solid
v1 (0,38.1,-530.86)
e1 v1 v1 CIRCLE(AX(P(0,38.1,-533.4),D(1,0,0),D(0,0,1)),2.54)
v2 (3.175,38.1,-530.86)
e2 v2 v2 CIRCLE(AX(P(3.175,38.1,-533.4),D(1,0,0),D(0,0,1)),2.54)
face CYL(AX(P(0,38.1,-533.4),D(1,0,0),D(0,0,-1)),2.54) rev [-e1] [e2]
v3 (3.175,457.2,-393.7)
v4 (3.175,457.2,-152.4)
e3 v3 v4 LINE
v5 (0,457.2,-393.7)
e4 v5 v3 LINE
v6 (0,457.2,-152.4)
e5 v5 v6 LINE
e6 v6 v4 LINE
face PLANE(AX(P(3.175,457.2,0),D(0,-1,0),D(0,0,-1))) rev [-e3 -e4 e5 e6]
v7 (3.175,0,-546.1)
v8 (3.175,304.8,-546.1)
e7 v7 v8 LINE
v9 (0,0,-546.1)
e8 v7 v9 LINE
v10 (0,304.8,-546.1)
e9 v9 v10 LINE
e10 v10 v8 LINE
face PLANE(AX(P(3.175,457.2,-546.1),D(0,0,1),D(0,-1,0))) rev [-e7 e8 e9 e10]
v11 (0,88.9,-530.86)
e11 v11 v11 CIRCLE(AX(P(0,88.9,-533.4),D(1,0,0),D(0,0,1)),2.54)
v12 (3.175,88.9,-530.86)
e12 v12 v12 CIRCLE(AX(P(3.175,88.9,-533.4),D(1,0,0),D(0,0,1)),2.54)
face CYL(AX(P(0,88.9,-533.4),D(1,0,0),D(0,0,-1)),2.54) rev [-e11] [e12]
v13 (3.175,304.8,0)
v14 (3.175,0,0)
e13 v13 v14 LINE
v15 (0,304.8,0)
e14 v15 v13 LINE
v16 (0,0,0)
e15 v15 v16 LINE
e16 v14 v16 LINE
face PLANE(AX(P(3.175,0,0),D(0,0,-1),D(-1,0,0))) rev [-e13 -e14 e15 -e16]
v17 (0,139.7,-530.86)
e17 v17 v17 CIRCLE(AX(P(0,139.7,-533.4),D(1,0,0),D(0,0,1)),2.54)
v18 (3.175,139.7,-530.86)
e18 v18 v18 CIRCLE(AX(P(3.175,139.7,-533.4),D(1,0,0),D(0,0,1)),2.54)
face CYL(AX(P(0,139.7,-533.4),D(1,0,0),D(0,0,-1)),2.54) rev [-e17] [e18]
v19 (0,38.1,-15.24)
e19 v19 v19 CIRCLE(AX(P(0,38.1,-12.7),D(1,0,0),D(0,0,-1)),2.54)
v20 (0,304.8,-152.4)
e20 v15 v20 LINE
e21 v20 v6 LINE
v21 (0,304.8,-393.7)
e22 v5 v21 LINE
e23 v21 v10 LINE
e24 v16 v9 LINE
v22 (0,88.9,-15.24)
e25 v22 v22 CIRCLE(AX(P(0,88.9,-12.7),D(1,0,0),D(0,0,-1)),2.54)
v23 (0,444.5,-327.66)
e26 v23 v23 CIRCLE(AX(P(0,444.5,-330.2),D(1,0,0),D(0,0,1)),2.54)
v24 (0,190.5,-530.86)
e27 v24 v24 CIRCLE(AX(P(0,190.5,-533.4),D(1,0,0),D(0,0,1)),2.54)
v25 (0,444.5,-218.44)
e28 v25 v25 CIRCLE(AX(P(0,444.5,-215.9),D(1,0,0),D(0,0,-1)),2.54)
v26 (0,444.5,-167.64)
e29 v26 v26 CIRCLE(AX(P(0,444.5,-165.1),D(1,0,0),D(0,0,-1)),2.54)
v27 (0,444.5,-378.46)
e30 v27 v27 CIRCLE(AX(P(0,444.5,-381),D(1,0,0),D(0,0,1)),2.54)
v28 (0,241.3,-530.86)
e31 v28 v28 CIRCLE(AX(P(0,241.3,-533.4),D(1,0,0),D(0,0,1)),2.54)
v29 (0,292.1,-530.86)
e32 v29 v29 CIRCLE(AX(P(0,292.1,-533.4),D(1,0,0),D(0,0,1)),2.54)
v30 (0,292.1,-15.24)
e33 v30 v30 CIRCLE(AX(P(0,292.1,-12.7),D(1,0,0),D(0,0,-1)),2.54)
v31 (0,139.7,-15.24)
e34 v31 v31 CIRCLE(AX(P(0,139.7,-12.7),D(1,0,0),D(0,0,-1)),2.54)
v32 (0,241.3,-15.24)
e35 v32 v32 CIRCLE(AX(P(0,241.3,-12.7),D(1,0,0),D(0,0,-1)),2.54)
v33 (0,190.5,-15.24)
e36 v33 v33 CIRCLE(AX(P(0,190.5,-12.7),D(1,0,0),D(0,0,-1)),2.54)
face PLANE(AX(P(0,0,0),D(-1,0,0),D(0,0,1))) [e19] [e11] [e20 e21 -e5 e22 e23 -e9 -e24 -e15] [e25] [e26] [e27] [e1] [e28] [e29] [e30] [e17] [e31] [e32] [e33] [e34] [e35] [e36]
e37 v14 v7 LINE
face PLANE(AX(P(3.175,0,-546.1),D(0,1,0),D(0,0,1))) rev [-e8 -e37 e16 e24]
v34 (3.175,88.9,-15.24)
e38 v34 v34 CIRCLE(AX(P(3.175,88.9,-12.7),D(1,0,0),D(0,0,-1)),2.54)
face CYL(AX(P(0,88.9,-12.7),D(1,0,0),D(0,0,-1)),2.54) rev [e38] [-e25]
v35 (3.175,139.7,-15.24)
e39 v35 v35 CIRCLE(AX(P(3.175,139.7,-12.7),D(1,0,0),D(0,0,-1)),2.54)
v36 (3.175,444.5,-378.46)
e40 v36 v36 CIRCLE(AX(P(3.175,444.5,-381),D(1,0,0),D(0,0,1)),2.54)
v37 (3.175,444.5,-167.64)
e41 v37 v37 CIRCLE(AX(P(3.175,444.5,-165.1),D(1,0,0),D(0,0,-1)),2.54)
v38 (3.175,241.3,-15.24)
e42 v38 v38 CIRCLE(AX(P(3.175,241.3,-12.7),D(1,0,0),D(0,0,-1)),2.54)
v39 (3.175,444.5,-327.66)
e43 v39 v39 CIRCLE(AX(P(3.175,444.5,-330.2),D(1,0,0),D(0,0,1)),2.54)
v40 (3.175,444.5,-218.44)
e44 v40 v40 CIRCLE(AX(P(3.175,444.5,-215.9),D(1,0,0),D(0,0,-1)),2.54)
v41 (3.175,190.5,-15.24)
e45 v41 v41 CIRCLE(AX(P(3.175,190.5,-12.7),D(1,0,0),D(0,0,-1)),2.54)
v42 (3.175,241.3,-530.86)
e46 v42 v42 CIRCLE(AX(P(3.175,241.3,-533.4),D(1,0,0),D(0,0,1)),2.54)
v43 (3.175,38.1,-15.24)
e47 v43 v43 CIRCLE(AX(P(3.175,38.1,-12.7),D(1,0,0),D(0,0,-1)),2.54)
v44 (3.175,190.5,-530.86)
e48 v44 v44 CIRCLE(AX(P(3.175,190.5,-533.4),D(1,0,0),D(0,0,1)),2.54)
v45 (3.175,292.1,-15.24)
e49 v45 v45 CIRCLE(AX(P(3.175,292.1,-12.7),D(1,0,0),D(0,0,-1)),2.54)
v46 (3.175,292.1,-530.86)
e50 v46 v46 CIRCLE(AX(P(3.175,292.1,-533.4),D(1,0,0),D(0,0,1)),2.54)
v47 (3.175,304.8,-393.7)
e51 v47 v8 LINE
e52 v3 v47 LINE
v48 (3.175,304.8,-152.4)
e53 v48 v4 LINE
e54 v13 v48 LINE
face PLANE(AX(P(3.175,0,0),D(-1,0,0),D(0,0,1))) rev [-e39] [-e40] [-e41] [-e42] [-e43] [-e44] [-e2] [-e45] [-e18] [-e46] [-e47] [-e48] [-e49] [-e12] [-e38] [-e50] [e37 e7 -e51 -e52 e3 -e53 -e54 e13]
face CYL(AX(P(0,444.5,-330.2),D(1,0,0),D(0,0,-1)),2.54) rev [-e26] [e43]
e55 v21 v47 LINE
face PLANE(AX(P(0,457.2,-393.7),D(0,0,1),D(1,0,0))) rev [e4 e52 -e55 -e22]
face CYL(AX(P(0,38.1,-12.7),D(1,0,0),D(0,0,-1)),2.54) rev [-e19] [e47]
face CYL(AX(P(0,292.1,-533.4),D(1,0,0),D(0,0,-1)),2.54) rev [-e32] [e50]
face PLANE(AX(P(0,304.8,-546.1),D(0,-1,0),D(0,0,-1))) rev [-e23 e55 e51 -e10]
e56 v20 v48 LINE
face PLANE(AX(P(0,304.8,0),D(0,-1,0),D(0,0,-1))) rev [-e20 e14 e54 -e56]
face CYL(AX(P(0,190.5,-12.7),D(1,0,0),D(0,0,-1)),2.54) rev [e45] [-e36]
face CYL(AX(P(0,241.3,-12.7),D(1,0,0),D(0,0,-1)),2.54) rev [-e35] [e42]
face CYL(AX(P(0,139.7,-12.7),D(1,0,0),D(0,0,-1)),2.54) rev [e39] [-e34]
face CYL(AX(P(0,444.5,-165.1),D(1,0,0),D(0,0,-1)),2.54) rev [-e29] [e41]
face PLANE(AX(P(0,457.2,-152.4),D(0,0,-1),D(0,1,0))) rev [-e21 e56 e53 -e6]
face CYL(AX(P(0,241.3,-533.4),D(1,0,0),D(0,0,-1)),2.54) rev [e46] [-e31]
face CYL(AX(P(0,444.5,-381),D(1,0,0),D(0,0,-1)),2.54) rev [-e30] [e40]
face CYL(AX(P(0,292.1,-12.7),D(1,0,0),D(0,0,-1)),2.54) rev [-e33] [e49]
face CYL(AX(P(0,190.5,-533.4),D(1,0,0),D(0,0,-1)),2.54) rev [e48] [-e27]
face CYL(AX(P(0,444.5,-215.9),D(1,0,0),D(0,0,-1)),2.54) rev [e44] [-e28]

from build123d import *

# Parameters (mm, degrees)
SKETCH1_W           = 546.1
SKETCH1_H           = 457.2
BOSS_EXTRUDE1_DEPTH = 3.175
SKETCH2_R           = 2.54
CUT_EXTRUDE1_DEPTH  = 713.226881425
SKETCH4_W           = 152.4
SKETCH4_H           = 152.4
CUT_EXTRUDE2_DEPTH  = 713.226881425


with BuildPart() as part:
    # Sketch1 → Boss-Extrude1 (new body)
    with BuildSketch(Plane(origin=(0, 0, 0), x_dir=(0, 0, -1), z_dir=(1, 0, 0))):
        with Locations((273.05, 228.6)):
            Rectangle(SKETCH1_W, SKETCH1_H)
    extrude(amount=BOSS_EXTRUDE1_DEPTH)

    # Sketch2 → Cut-Extrude1 (cut, through all)
    with BuildSketch(Plane(origin=(3.175, 0, 0), x_dir=(0, 0, -1), z_dir=(1, 0, 0))):
        with Locations((12.7, 444.5)):
            Circle(SKETCH2_R)
        with Locations((63.5, 444.5)):
            Circle(SKETCH2_R)
        with Locations((114.3, 444.5)):
            Circle(SKETCH2_R)
        with Locations((165.1, 444.5)):
            Circle(SKETCH2_R)
        with Locations((215.9, 444.5)):
            Circle(SKETCH2_R)
        with Locations((12.7, 393.7)):
            Circle(SKETCH2_R)
        with Locations((12.7, 342.9)):
            Circle(SKETCH2_R)
        with Locations((12.7, 292.1)):
            Circle(SKETCH2_R)
        with Locations((12.7, 241.3)):
            Circle(SKETCH2_R)
        with Locations((12.7, 190.5)):
            Circle(SKETCH2_R)
        with Locations((12.7, 139.7)):
            Circle(SKETCH2_R)
        with Locations((12.7, 88.9)):
            Circle(SKETCH2_R)
        with Locations((12.7, 38.1)):
            Circle(SKETCH2_R)
        with Locations(Location((533.4, 38.1, 0), (0, 0, 180))):
            Circle(SKETCH2_R)
        with Locations(Location((533.4, 88.9, 0), (0, 0, 180))):
            Circle(SKETCH2_R)
        with Locations(Location((533.4, 139.7, 0), (0, 0, 180))):
            Circle(SKETCH2_R)
        with Locations(Location((533.4, 190.5, 0), (0, 0, 180))):
            Circle(SKETCH2_R)
        with Locations(Location((533.4, 241.3, 0), (0, 0, 180))):
            Circle(SKETCH2_R)
        with Locations(Location((533.4, 292.1, 0), (0, 0, 180))):
            Circle(SKETCH2_R)
        with Locations(Location((533.4, 342.9, 0), (0, 0, 180))):
            Circle(SKETCH2_R)
        with Locations(Location((533.4, 393.7, 0), (0, 0, 180))):
            Circle(SKETCH2_R)
        with Locations(Location((330.2, 444.5, 0), (0, 0, 180))):
            Circle(SKETCH2_R)
        with Locations(Location((381, 444.5, 0), (0, 0, 180))):
            Circle(SKETCH2_R)
        with Locations(Location((431.8, 444.5, 0), (0, 0, 180))):
            Circle(SKETCH2_R)
        with Locations(Location((482.6, 444.5, 0), (0, 0, 180))):
            Circle(SKETCH2_R)
        with Locations(Location((533.4, 444.5, 0), (0, 0, 180))):
            Circle(SKETCH2_R)
    extrude(amount=-CUT_EXTRUDE1_DEPTH, mode=Mode.SUBTRACT)

    # Sketch4 → Cut-Extrude2 (cut, through all)
    with BuildSketch(Plane(origin=(3.175, 0, 0), x_dir=(0, 0, -1), z_dir=(1, 0, 0))):
        with Locations((76.2, 381)):
            Rectangle(SKETCH4_W, SKETCH4_H)
        with Locations((469.9, 381)):
            Rectangle(SKETCH4_W, SKETCH4_H)
    extrude(amount=-CUT_EXTRUDE2_DEPTH, mode=Mode.SUBTRACT)


solid = part.part
